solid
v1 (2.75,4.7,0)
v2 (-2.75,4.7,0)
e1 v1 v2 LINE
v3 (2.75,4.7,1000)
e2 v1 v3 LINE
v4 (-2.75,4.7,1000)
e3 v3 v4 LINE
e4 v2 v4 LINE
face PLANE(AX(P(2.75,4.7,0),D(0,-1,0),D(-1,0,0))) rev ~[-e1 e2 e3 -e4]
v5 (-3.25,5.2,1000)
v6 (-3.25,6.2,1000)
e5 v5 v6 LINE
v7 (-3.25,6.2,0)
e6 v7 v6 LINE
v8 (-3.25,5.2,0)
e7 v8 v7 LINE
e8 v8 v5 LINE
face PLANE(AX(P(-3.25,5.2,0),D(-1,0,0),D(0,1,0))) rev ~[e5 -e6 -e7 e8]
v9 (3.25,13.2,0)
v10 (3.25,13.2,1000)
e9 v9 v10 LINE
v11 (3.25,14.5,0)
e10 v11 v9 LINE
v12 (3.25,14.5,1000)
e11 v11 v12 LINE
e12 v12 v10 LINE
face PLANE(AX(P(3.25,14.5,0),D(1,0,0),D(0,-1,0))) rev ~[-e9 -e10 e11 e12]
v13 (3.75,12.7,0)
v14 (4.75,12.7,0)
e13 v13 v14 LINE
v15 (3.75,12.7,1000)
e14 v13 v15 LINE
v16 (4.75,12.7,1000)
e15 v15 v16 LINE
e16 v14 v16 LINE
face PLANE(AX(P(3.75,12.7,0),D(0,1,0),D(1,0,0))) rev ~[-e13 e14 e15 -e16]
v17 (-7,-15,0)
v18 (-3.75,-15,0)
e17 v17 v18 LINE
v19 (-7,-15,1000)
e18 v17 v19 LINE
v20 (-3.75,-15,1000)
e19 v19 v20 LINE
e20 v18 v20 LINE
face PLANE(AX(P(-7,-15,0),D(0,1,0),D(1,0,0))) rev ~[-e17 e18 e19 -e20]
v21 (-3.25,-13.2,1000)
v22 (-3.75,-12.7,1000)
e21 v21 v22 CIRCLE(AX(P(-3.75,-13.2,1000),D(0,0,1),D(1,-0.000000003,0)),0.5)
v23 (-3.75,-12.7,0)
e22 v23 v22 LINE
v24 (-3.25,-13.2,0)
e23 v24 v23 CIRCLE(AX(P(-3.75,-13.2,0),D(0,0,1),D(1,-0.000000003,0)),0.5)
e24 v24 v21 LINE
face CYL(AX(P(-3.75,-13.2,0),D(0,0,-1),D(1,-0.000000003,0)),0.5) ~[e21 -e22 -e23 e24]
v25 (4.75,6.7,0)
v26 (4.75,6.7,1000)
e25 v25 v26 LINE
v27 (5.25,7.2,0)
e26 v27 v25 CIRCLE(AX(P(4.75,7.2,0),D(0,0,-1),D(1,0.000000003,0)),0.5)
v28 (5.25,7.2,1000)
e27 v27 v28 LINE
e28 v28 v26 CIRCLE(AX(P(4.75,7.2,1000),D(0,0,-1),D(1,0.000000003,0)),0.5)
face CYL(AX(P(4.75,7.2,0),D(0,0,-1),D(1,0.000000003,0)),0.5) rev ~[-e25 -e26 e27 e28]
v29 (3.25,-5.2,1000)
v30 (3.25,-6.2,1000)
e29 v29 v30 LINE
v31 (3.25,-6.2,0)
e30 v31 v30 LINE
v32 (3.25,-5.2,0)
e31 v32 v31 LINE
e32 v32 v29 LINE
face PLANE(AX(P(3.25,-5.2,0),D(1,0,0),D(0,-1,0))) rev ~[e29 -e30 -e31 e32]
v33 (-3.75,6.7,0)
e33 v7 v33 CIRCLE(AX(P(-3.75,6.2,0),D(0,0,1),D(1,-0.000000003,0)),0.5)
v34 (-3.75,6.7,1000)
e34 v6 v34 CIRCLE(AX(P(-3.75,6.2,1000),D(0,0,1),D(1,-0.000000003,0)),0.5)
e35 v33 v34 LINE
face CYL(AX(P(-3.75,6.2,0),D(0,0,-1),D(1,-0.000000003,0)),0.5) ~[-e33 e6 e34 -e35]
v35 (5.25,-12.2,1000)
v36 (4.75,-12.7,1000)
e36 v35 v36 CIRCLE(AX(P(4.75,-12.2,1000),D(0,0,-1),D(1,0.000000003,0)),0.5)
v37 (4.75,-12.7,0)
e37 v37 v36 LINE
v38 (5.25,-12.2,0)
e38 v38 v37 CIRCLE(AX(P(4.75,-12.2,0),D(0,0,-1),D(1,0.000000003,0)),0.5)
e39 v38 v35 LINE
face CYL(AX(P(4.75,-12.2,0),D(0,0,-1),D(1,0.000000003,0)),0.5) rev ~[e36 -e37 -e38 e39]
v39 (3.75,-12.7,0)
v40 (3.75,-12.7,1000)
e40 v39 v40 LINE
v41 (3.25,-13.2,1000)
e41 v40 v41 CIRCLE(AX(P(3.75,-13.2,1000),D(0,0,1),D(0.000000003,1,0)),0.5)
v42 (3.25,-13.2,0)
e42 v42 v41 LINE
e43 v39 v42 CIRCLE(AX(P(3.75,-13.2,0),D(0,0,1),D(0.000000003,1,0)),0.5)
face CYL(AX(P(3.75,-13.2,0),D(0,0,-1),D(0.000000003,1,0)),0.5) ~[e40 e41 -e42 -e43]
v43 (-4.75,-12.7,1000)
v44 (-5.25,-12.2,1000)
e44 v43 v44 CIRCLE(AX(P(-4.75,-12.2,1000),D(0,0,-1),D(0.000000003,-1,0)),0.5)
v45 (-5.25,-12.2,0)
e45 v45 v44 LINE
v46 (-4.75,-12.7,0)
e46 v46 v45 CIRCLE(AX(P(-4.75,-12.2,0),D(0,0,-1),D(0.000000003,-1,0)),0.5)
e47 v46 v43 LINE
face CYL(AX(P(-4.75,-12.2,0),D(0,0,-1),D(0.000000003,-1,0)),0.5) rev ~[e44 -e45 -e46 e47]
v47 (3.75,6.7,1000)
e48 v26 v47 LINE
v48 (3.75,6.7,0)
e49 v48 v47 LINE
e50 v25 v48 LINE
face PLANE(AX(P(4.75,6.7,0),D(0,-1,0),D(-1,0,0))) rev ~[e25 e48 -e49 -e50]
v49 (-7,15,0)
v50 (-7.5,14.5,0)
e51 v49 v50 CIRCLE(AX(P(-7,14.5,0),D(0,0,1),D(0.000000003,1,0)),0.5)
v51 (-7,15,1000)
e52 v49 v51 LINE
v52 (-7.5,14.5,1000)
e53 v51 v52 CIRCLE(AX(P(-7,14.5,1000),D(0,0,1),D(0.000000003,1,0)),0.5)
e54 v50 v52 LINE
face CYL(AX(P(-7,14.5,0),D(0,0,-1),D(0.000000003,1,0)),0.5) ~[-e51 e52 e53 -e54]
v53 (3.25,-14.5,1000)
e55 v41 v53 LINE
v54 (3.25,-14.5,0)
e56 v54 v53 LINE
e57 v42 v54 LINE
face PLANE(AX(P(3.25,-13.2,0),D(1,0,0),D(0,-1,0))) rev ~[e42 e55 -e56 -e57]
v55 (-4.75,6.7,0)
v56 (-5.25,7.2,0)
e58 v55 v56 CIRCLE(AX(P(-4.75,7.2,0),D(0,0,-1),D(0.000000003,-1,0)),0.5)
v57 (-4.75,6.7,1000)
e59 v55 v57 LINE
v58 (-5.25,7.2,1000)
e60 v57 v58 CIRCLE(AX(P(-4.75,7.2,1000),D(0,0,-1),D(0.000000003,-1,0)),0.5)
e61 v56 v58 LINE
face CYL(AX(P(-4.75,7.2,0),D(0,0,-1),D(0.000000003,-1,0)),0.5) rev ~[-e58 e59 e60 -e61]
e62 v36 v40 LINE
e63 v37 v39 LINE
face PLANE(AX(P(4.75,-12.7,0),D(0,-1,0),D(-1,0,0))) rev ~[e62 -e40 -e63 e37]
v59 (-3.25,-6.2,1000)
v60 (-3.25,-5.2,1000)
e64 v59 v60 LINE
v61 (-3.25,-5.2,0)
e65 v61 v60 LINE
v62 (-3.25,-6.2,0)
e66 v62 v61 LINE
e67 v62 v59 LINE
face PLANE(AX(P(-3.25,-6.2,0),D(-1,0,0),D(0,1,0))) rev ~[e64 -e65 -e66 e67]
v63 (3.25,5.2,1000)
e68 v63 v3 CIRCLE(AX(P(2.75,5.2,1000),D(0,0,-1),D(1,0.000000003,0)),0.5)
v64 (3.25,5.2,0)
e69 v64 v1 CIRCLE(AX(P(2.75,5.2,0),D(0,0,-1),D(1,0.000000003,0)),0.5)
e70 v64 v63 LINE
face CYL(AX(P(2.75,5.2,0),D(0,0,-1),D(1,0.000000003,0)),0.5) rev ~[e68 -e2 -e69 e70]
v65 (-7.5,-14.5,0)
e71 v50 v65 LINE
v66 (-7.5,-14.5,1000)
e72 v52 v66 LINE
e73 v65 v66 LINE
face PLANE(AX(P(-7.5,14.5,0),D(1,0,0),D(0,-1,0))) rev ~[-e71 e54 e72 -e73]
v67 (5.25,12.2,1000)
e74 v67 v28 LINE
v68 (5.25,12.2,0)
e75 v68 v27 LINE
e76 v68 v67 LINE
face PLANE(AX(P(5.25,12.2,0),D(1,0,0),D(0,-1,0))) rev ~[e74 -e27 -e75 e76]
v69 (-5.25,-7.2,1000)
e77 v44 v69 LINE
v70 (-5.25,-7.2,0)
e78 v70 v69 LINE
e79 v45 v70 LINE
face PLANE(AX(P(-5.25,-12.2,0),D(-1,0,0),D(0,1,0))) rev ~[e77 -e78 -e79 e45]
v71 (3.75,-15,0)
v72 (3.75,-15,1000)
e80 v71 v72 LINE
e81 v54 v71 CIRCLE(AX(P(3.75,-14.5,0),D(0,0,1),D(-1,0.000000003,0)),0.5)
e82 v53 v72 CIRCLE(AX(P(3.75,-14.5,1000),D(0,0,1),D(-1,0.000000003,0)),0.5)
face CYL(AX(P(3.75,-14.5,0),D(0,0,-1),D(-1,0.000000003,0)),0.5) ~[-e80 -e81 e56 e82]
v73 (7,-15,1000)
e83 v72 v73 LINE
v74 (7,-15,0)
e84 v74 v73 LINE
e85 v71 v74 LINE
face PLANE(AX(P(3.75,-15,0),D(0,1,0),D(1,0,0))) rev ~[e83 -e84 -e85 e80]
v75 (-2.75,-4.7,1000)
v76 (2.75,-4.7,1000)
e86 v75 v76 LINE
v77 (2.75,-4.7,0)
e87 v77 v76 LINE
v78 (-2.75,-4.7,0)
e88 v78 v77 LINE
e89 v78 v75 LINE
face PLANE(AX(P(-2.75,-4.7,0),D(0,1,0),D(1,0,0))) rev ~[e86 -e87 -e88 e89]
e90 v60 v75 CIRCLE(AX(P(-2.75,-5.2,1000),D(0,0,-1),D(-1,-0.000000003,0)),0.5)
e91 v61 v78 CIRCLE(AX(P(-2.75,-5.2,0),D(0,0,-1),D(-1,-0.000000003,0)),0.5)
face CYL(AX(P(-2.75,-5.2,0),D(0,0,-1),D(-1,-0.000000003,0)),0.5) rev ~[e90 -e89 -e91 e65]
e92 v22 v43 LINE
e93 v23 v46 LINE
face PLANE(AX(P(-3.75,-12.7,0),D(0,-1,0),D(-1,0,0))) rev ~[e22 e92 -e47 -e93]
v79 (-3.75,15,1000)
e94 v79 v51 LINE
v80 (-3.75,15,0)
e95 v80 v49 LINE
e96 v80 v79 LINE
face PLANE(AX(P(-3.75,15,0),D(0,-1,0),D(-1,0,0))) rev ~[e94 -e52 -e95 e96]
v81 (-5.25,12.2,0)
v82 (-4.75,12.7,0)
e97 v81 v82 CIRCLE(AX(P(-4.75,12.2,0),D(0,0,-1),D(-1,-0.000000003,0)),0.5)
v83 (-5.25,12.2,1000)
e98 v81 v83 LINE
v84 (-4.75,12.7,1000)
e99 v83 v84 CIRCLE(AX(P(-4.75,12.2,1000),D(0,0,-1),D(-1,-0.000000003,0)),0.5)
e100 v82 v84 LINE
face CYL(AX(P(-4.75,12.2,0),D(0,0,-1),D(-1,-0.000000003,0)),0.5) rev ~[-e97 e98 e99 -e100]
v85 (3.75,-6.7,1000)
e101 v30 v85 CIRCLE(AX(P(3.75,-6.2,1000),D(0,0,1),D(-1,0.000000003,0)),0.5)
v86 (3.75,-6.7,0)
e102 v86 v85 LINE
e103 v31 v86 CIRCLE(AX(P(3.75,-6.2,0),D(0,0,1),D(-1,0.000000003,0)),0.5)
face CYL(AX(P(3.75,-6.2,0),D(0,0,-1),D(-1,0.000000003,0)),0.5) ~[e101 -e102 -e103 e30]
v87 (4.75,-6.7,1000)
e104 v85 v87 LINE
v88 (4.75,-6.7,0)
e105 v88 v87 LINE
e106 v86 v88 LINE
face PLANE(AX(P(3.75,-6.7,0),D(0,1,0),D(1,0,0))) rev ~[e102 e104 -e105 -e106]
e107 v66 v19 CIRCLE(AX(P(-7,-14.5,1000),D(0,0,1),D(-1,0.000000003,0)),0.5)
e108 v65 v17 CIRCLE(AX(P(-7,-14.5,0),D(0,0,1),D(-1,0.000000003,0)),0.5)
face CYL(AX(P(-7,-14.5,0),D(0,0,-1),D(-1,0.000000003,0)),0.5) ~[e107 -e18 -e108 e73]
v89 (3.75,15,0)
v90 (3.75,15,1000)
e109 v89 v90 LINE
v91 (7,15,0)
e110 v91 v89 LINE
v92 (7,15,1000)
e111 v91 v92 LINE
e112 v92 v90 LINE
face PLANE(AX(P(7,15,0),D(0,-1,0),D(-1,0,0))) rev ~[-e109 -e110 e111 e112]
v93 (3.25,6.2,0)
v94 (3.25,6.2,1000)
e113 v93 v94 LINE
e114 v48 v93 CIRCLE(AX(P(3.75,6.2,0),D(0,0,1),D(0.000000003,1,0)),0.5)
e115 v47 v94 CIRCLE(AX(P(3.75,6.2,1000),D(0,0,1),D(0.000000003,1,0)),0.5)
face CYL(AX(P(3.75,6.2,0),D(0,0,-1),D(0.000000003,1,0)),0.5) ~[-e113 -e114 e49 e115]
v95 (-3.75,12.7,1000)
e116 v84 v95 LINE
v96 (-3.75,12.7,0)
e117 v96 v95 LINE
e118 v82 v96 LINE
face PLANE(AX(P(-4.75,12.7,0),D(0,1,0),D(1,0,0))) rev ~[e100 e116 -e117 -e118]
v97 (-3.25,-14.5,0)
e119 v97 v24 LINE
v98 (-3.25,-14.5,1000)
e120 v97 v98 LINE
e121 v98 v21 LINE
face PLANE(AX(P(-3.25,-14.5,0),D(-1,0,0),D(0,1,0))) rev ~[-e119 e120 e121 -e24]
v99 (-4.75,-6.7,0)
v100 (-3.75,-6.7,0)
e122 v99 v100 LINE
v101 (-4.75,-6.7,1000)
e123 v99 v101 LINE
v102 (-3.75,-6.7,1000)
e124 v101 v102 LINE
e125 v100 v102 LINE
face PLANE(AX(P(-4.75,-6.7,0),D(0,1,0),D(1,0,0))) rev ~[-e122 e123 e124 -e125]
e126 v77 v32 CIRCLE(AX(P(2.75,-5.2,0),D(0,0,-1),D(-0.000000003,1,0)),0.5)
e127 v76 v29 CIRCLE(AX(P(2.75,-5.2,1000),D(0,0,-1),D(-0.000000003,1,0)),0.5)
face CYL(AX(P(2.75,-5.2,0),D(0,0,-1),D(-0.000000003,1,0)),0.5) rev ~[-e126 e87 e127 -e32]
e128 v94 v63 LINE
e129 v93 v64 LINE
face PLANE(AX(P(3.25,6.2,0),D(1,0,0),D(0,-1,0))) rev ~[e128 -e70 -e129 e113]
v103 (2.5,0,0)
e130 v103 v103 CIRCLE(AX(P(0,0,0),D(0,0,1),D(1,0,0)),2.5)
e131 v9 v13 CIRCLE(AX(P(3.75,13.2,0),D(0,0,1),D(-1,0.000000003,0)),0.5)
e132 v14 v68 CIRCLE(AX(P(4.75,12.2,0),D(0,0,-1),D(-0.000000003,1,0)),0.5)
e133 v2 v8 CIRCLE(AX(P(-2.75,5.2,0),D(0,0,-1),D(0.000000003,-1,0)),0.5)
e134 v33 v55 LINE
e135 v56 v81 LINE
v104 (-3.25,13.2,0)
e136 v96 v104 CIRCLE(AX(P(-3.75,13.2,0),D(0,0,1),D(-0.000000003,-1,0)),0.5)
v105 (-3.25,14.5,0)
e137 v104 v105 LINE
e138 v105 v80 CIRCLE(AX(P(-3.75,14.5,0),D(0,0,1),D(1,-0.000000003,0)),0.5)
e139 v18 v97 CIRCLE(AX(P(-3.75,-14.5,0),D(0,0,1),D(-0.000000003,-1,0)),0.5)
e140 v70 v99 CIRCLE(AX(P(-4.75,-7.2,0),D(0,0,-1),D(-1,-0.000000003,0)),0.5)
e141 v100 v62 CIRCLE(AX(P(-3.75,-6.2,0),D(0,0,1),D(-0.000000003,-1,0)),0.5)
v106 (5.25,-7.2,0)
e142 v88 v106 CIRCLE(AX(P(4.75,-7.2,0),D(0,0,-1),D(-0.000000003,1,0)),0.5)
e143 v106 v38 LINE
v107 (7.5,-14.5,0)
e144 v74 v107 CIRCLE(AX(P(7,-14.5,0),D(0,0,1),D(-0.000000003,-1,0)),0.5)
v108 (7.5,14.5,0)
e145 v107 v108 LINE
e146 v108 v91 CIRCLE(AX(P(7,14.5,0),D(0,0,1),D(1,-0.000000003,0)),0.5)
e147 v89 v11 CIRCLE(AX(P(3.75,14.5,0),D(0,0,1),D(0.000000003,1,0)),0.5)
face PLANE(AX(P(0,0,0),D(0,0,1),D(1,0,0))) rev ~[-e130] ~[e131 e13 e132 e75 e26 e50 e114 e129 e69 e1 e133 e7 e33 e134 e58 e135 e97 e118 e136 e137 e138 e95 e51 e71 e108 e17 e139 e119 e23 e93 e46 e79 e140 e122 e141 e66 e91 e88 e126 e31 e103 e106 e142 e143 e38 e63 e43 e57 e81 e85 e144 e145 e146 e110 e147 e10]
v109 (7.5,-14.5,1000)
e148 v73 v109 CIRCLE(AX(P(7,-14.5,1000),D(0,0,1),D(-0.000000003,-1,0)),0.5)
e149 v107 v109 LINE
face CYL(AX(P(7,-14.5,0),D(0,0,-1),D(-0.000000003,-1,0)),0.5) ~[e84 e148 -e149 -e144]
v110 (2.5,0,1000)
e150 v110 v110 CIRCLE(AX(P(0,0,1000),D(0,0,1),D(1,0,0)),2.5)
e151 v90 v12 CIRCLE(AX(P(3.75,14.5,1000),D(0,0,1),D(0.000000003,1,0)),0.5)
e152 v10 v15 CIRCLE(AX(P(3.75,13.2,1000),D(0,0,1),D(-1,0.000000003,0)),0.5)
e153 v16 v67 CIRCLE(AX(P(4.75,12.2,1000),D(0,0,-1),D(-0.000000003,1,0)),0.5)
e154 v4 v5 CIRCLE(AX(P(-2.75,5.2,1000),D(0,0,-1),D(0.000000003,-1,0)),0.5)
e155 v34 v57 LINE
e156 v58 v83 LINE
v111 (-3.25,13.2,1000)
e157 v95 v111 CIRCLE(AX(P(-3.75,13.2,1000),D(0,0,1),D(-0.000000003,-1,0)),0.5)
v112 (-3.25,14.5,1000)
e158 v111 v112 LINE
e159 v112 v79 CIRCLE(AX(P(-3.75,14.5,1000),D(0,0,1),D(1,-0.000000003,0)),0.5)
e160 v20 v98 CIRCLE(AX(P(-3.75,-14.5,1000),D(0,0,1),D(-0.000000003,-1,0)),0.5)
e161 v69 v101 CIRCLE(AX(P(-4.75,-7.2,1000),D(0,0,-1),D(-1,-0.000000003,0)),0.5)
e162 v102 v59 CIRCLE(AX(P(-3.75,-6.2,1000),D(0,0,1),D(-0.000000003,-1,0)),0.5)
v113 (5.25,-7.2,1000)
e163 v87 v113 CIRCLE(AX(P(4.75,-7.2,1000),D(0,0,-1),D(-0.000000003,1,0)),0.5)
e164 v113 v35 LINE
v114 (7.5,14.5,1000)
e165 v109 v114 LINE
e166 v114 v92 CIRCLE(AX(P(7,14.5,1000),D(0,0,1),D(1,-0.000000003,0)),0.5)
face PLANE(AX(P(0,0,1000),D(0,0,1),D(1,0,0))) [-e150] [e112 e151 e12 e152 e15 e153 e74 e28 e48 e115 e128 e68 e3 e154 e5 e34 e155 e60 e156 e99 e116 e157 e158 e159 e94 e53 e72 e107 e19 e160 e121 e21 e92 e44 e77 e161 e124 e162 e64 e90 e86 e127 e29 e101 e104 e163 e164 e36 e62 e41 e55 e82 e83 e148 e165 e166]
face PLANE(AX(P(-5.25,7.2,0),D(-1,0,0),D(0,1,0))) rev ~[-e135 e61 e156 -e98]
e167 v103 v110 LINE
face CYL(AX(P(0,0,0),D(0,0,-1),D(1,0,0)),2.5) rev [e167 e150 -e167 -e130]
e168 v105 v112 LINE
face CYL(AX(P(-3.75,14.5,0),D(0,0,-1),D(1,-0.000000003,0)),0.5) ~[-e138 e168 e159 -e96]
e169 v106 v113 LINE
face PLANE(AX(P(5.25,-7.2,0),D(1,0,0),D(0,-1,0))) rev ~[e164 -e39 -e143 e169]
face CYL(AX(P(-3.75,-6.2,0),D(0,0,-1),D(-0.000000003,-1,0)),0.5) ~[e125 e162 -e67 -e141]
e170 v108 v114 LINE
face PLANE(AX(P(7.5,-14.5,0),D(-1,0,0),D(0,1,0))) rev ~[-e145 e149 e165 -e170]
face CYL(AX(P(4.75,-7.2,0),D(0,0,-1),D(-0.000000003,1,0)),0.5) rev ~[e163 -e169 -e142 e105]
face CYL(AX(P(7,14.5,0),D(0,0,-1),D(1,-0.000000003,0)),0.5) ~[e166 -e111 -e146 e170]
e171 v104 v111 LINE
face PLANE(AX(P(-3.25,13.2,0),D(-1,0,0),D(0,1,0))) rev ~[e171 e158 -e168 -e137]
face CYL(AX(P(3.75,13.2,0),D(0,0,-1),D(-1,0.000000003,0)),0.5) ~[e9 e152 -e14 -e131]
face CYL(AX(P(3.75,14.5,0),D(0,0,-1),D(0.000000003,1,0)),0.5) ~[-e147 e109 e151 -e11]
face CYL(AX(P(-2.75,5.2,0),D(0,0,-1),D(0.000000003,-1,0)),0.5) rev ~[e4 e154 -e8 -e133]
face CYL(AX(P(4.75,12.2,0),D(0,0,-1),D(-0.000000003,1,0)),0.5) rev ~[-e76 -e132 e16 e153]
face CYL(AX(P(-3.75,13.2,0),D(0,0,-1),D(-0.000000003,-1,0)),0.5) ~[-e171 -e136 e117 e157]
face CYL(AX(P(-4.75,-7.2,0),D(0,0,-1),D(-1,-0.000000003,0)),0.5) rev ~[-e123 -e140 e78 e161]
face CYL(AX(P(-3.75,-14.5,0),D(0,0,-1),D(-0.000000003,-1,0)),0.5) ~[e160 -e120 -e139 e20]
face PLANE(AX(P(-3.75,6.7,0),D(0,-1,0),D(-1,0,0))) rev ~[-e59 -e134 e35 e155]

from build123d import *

# Parameters (mm, degrees)
SKETCH_2_R      = 2.5
EXTRUDE_1_DEPTH = 1000


with BuildPart() as part:
    # Эскиз2 → Бобышка-Вытянуть1 (new body)
    with BuildSketch(Plane.XY):
        with BuildLine():
            Line((-5.25, 15), (-7, 15))
            ThreePointArc((-7, 15), (-7.353553391, 14.853553391), (-7.5, 14.5))
            Line((-7.5, 14.5), (-7.5, -14.5))
            ThreePointArc((-7.5, -14.5), (-7.353553391, -14.853553391), (-7, -15))
            Line((-7, -15), (-5.25, -15))
            Line((-5.25, -15), (-3.75, -15))
            ThreePointArc((-3.75, -15), (-3.396446609, -14.853553391), (-3.25, -14.5))
            Line((-3.25, -14.5), (-3.25, -13.2))
            ThreePointArc((-3.25, -13.2), (-3.396446609, -12.846446609), (-3.75, -12.7))
            Line((-3.75, -12.7), (-4.75, -12.7))
            ThreePointArc((-4.75, -12.7), (-5.103553391, -12.553553391), (-5.25, -12.2))
            Line((-5.25, -12.2), (-5.25, -7.2))
            ThreePointArc((-5.25, -7.2), (-5.103553391, -6.846446609), (-4.75, -6.7))
            Line((-4.75, -6.7), (-3.75, -6.7))
            ThreePointArc((-3.75, -6.7), (-3.396446609, -6.553553391), (-3.25, -6.2))
            Line((-3.25, -6.2), (-3.25, -5.2))
            ThreePointArc((-3.25, -5.2), (-3.103553391, -4.846446609), (-2.75, -4.7))
            Line((-2.75, -4.7), (2.75, -4.7))
            ThreePointArc((2.75, -4.7), (3.103553391, -4.846446609), (3.25, -5.2))
            Line((3.25, -5.2), (3.25, -6.2))
            ThreePointArc((3.25, -6.2), (3.396446609, -6.553553391), (3.75, -6.7))
            Line((3.75, -6.7), (4.75, -6.7))
            ThreePointArc((4.75, -6.7), (5.103553391, -6.846446609), (5.25, -7.2))
            Line((5.25, -7.2), (5.25, -12.2))
            ThreePointArc((5.25, -12.2), (5.103553391, -12.553553391), (4.75, -12.7))
            Line((4.75, -12.7), (3.75, -12.7))
            ThreePointArc((3.75, -12.7), (3.396446609, -12.846446609), (3.25, -13.2))
            Line((3.25, -13.2), (3.25, -14.5))
            ThreePointArc((3.25, -14.5), (3.396446609, -14.853553391), (3.75, -15))
            Line((3.75, -15), (5.25, -15))
            Line((5.25, -15), (7, -15))
            ThreePointArc((7, -15), (7.353553391, -14.853553391), (7.5, -14.5))
            Line((7.5, -14.5), (7.5, 14.5))
            ThreePointArc((7.5, 14.5), (7.353553391, 14.853553391), (7, 15))
            Line((7, 15), (5.25, 15))
            Line((5.25, 15), (3.75, 15))
            ThreePointArc((3.75, 15), (3.396446609, 14.853553391), (3.25, 14.5))
            Line((3.25, 14.5), (3.25, 13.2))
            ThreePointArc((3.25, 13.2), (3.396446609, 12.846446609), (3.75, 12.7))
            Line((3.75, 12.7), (4.75, 12.7))
            ThreePointArc((4.75, 12.7), (5.103553391, 12.553553391), (5.25, 12.2))
            Line((5.25, 12.2), (5.25, 7.2))
            ThreePointArc((5.25, 7.2), (5.103553391, 6.846446609), (4.75, 6.7))
            Line((4.75, 6.7), (3.75, 6.7))
            ThreePointArc((3.75, 6.7), (3.396446609, 6.553553391), (3.25, 6.2))
            Line((3.25, 6.2), (3.25, 5.2))
            ThreePointArc((3.25, 5.2), (3.103553391, 4.846446609), (2.75, 4.7))
            Line((2.75, 4.7), (-2.75, 4.7))
            ThreePointArc((-2.75, 4.7), (-3.103553391, 4.846446609), (-3.25, 5.2))
            Line((-3.25, 5.2), (-3.25, 6.2))
            ThreePointArc((-3.25, 6.2), (-3.396446609, 6.553553391), (-3.75, 6.7))
            Line((-3.75, 6.7), (-4.75, 6.7))
            ThreePointArc((-4.75, 6.7), (-5.103553391, 6.846446609), (-5.25, 7.2))
            Line((-5.25, 7.2), (-5.25, 12.2))
            ThreePointArc((-5.25, 12.2), (-5.103553391, 12.553553391), (-4.75, 12.7))
            Line((-4.75, 12.7), (-3.75, 12.7))
            ThreePointArc((-3.75, 12.7), (-3.396446609, 12.846446609), (-3.25, 13.2))
            Line((-3.25, 13.2), (-3.25, 14.5))
            ThreePointArc((-3.25, 14.5), (-3.396446609, 14.853553391), (-3.75, 15))
            Line((-3.75, 15), (-5.25, 15))
        make_face()
        Circle(SKETCH_2_R, mode=Mode.SUBTRACT)
    extrude(amount=EXTRUDE_1_DEPTH)


solid = part.part
